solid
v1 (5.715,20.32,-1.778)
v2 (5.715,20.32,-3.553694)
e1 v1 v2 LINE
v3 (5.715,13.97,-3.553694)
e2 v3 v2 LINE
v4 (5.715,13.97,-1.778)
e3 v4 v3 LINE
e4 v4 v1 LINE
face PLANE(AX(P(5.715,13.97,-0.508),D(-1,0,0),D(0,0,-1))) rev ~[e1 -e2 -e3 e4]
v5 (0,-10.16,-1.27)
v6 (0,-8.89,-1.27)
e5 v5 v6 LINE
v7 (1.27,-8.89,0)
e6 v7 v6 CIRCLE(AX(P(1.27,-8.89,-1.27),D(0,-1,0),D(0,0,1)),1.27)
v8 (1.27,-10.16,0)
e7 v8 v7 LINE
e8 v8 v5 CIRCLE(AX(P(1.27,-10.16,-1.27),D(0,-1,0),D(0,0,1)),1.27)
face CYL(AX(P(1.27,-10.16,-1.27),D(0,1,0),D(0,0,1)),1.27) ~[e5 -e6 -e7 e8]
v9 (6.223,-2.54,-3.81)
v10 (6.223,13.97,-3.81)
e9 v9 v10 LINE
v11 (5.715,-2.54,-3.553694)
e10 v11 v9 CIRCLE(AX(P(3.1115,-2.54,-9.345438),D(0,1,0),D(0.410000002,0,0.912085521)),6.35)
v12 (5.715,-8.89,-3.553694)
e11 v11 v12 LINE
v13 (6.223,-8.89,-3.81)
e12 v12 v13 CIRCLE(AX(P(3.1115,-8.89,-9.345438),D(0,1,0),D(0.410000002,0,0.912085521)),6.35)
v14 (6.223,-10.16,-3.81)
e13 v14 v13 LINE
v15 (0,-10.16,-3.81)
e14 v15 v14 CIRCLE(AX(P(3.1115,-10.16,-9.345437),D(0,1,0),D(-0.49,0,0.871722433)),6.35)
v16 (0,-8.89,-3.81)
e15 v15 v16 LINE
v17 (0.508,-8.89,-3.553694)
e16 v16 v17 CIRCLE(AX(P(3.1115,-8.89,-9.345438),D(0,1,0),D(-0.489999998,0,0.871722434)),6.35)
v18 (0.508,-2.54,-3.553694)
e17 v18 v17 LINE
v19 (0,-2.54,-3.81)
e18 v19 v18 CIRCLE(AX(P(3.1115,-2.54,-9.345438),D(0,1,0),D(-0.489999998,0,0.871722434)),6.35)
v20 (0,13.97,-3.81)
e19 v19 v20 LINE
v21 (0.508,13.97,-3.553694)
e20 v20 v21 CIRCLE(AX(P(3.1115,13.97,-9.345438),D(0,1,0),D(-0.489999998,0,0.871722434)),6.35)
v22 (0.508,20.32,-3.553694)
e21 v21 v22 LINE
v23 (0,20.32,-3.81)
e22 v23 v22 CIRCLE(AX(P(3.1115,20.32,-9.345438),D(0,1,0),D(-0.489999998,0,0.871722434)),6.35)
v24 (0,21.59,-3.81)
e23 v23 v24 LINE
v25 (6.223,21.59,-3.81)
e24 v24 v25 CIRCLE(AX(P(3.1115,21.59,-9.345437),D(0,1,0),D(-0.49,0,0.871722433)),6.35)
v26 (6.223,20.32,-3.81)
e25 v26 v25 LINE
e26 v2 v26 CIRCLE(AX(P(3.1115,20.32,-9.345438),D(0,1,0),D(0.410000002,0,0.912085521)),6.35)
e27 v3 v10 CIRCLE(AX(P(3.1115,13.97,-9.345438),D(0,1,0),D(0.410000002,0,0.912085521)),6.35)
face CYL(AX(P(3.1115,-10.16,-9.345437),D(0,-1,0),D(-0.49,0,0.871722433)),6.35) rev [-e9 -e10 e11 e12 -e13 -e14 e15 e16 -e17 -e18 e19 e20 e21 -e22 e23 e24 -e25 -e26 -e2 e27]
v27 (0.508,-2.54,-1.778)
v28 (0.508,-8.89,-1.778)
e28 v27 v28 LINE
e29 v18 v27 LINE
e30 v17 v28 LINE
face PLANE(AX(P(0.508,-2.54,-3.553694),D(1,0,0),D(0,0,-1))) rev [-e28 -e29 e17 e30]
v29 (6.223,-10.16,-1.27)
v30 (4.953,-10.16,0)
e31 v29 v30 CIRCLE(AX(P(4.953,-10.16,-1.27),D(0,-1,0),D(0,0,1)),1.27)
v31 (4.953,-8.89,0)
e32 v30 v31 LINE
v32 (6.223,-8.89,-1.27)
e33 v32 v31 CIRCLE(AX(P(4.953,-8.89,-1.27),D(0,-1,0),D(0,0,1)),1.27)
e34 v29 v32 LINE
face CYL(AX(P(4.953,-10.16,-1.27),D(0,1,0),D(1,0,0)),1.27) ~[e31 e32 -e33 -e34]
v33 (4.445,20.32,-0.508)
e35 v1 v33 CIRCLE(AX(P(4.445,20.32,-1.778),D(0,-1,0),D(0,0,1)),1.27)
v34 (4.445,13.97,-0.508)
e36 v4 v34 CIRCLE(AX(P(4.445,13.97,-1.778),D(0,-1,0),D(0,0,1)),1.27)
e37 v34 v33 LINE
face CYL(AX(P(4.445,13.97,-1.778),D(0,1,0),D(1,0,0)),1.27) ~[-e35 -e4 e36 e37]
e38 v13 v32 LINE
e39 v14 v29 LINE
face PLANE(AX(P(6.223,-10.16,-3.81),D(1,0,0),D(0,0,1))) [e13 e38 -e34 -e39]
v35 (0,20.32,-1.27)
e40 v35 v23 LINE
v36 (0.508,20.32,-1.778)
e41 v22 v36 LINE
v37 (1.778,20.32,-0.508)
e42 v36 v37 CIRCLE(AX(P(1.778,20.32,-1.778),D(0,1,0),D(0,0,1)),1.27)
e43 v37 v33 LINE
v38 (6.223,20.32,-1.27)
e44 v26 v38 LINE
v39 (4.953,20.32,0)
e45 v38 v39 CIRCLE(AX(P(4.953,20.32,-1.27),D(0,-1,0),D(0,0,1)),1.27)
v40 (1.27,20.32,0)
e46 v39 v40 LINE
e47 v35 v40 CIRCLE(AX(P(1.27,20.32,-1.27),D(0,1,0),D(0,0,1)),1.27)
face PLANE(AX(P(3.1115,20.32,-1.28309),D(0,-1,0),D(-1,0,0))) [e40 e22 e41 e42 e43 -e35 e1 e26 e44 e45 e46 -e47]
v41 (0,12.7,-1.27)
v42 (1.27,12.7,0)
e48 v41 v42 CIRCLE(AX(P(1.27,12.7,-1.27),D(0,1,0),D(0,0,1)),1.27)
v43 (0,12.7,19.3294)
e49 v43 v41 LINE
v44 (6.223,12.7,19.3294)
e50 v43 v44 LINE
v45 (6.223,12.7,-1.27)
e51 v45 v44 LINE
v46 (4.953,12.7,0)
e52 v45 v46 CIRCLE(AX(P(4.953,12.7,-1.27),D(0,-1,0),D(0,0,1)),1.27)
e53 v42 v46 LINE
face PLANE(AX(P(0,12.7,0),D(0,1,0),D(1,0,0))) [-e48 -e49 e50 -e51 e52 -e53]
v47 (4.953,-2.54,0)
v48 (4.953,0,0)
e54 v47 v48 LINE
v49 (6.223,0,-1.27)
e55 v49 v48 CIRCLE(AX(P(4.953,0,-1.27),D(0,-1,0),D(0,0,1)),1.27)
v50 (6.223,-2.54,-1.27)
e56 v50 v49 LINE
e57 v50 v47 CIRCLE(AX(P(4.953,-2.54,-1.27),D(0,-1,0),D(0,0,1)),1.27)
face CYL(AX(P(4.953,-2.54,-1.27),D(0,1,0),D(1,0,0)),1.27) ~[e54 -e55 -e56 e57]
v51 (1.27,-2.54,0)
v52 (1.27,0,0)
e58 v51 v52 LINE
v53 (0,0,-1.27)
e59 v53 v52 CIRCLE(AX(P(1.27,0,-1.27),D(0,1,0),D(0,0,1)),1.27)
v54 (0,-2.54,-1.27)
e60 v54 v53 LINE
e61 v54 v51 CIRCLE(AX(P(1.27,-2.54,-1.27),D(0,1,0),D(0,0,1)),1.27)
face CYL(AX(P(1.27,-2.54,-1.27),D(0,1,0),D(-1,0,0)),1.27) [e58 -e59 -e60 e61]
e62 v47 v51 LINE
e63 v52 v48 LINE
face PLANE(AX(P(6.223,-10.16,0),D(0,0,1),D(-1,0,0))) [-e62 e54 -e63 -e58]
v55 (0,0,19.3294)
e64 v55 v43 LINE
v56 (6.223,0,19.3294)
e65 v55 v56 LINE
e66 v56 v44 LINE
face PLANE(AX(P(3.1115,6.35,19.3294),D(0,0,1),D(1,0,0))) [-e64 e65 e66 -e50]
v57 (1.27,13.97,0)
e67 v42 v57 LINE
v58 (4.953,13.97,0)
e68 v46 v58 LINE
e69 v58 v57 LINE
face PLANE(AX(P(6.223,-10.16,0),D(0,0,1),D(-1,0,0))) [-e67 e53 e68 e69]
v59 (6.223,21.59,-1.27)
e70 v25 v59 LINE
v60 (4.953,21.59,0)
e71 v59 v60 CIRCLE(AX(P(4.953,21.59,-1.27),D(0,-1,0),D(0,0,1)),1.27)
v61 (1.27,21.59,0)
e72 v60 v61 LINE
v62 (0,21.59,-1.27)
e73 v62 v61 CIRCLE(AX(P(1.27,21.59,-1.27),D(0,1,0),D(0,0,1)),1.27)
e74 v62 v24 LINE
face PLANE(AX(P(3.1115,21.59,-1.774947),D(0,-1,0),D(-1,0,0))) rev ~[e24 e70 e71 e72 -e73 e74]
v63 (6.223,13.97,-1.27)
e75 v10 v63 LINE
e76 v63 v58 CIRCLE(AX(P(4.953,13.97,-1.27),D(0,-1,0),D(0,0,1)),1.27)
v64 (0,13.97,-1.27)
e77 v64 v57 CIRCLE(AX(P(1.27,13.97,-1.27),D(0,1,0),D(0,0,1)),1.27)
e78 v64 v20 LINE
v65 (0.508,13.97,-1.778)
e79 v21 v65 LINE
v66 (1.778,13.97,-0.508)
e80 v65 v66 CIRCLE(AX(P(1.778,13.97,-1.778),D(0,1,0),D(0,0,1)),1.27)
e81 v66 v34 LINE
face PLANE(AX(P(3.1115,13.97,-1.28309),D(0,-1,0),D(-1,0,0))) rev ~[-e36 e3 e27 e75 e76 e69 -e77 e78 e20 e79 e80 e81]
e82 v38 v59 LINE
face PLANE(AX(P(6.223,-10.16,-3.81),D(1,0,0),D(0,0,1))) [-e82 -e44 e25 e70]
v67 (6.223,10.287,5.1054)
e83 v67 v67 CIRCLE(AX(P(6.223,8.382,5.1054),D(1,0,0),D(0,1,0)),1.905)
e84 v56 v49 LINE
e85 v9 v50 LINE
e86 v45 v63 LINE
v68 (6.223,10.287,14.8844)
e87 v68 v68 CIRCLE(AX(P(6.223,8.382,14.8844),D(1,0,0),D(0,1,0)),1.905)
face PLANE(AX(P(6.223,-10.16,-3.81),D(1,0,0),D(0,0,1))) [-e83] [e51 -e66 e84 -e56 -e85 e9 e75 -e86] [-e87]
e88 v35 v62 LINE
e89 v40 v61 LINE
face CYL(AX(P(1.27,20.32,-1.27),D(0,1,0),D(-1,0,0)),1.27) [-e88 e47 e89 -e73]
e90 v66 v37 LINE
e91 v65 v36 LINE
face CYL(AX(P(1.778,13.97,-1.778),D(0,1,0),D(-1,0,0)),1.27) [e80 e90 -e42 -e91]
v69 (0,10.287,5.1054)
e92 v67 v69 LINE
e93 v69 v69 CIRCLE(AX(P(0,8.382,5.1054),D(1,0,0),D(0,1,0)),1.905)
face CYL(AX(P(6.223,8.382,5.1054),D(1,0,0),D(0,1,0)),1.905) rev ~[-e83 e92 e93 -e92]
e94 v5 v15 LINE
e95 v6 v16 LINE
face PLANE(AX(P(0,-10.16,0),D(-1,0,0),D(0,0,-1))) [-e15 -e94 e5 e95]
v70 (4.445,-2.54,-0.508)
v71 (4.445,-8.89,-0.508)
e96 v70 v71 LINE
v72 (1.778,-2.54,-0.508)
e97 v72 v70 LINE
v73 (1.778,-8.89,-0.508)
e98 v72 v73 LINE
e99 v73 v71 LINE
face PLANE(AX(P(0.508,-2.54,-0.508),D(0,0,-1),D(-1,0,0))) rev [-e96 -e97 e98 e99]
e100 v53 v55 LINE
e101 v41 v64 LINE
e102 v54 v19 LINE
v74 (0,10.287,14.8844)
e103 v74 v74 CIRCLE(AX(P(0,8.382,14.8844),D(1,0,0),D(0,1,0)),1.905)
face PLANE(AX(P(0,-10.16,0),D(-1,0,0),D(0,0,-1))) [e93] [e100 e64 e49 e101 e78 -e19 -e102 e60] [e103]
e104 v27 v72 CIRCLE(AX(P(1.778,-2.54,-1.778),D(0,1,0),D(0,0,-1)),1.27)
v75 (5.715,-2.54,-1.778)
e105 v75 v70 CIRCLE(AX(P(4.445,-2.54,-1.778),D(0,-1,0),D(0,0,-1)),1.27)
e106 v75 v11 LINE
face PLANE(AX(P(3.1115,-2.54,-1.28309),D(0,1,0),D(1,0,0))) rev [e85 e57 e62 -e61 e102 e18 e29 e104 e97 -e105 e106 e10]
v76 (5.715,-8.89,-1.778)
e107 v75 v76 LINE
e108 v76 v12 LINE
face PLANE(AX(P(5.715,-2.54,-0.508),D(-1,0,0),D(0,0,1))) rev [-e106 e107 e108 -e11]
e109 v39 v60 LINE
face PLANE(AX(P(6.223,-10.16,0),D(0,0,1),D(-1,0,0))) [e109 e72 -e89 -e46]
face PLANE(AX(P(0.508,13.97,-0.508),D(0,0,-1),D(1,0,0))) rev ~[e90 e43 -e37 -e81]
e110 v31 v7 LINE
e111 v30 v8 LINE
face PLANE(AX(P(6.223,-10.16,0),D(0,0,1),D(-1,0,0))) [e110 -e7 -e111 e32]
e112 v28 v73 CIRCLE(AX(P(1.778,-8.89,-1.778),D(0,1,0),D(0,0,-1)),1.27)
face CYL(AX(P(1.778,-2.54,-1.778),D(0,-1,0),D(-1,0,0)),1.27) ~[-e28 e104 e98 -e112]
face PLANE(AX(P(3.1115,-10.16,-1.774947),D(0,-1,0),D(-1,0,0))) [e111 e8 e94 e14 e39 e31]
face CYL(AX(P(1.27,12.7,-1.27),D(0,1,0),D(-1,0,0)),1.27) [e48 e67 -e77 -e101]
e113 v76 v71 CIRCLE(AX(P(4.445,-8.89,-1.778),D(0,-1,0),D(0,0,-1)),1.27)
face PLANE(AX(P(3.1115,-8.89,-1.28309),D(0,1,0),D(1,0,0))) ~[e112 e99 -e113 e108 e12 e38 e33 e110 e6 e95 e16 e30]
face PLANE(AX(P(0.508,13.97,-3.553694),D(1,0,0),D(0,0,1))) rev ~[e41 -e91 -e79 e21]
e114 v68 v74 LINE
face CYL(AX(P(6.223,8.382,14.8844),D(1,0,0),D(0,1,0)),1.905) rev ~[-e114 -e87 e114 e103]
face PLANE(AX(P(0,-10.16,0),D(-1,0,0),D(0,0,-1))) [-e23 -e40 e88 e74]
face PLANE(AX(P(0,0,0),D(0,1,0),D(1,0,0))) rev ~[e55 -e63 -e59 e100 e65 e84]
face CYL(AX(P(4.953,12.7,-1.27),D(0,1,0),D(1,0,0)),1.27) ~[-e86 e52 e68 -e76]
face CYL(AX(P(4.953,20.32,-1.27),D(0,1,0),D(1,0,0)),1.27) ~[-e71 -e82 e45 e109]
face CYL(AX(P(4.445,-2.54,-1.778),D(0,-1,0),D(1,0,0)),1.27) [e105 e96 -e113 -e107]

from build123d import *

# Parameters (mm, degrees)
SKETCH2_W                = 6.223
SKETCH2_H                = 12.7
BOSS_EXTRUDE1_DEPTH      = 19.3294
SKETCH3_R                = 1.905
CUT_EXTRUDE1_DEPTH       = 19.3294
BOSS_EXTRUDE2_DEPTH      = 8.89
BOSS_EXTRUDE2_DEPTH_BACK = 22.86
CUT_EXTRUDE2_START       = -7.62
CUT_EXTRUDE2_DEPTH       = 6.35
FILLET1_R                = 1.27


with BuildPart() as part:
    # Sketch2 → Boss-Extrude1 (new body)
    with BuildSketch(Plane.XY):
        with Locations((3.1115, 6.35)):
            Rectangle(SKETCH2_W, SKETCH2_H)
    extrude(amount=BOSS_EXTRUDE1_DEPTH)

    # Sketch3 → Cut-Extrude1 (cut)
    with BuildSketch(Plane(origin=(6.223, 0, 0), x_dir=(0, 0, -1), z_dir=(1, 0, 0))):
        with Locations(Location((-14.8844, 8.382, 0), (0, 0, 90))):
            Circle(SKETCH3_R)
        with Locations(Location((-5.1054, 8.382, 0), (0, 0, 90))):
            Circle(SKETCH3_R)
    extrude(amount=-CUT_EXTRUDE1_DEPTH, mode=Mode.SUBTRACT)

    # Sketch4 → Boss-Extrude2 (add, two sides: drawn at the far end of the back side and taken through both)
    with BuildSketch(Plane(origin=(0, 12.7, 0), x_dir=(1, 0, 0), z_dir=(0, 1, 0)).offset(-BOSS_EXTRUDE2_DEPTH_BACK)):
        with BuildLine():
            Line((6.223, 3.81), (6.223, 0))
            Line((6.223, 0), (0, 0))
            Line((0, 0), (0, 3.81))
            ThreePointArc((0, 3.81), (3.1115, 2.995437449), (6.223, 3.81))
        make_face()
    extrude(amount=BOSS_EXTRUDE2_DEPTH + BOSS_EXTRUDE2_DEPTH_BACK)

    # Sketch5 → Cut-Extrude2 (cut)
    with BuildSketch(Plane(origin=(0, 21.59, 0), x_dir=(1, 0, 0), z_dir=(0, 1, 0)).offset(CUT_EXTRUDE2_START)):
        with BuildLine():
            Line((5.715, 0.508), (5.715, 3.000837245))
            Line((5.715, 3.000837245), (5.715, 3.553694382))
            ThreePointArc((5.715, 3.553694382), (5.971872247, 3.676154372), (6.223, 3.81))
            Line((6.223, 3.81), (6.223, 0))
            Line((6.223, 0), (0, 0))
            Line((0, 0), (0, 3.81))
            ThreePointArc((0, 3.81), (0.251127753, 3.676154372), (0.508, 3.553694382))
            Line((0.508, 3.553694382), (0.508, 3.000837245))
            Line((0.508, 3.000837245), (0.508, 0.508))
            Line((0.508, 0.508), (5.715, 0.508))
        make_face()
    cut_extrude2 = extrude(amount=CUT_EXTRUDE2_DEPTH, mode=Mode.SUBTRACT)

    # Mirror1: Cut-Extrude2 across plane
    add(cut_extrude2.mirror(Plane.ZX.offset(5.715)), mode=Mode.SUBTRACT)

    # Fillet1
    fillet1_edges = [part.edges().sort_by_distance(p)[0] for p in [
        (6.223, 13.335, 0),
        (6.223, -9.525, 0),
        (0, -9.525, 0),
        (0, 13.335, 0),
        (6.223, 20.955, 0),
        (0, 20.955, 0),
        (0.508, 17.145, -0.508),
        (5.715, 17.145, -0.508),
        (0, -1.27, 0),
        (6.223, -1.27, 0),
        (5.715, -5.715, -0.508),
        (0.508, -5.715, -0.508),
    ]]
    fillet(fillet1_edges, radius=FILLET1_R)


solid = part.part
